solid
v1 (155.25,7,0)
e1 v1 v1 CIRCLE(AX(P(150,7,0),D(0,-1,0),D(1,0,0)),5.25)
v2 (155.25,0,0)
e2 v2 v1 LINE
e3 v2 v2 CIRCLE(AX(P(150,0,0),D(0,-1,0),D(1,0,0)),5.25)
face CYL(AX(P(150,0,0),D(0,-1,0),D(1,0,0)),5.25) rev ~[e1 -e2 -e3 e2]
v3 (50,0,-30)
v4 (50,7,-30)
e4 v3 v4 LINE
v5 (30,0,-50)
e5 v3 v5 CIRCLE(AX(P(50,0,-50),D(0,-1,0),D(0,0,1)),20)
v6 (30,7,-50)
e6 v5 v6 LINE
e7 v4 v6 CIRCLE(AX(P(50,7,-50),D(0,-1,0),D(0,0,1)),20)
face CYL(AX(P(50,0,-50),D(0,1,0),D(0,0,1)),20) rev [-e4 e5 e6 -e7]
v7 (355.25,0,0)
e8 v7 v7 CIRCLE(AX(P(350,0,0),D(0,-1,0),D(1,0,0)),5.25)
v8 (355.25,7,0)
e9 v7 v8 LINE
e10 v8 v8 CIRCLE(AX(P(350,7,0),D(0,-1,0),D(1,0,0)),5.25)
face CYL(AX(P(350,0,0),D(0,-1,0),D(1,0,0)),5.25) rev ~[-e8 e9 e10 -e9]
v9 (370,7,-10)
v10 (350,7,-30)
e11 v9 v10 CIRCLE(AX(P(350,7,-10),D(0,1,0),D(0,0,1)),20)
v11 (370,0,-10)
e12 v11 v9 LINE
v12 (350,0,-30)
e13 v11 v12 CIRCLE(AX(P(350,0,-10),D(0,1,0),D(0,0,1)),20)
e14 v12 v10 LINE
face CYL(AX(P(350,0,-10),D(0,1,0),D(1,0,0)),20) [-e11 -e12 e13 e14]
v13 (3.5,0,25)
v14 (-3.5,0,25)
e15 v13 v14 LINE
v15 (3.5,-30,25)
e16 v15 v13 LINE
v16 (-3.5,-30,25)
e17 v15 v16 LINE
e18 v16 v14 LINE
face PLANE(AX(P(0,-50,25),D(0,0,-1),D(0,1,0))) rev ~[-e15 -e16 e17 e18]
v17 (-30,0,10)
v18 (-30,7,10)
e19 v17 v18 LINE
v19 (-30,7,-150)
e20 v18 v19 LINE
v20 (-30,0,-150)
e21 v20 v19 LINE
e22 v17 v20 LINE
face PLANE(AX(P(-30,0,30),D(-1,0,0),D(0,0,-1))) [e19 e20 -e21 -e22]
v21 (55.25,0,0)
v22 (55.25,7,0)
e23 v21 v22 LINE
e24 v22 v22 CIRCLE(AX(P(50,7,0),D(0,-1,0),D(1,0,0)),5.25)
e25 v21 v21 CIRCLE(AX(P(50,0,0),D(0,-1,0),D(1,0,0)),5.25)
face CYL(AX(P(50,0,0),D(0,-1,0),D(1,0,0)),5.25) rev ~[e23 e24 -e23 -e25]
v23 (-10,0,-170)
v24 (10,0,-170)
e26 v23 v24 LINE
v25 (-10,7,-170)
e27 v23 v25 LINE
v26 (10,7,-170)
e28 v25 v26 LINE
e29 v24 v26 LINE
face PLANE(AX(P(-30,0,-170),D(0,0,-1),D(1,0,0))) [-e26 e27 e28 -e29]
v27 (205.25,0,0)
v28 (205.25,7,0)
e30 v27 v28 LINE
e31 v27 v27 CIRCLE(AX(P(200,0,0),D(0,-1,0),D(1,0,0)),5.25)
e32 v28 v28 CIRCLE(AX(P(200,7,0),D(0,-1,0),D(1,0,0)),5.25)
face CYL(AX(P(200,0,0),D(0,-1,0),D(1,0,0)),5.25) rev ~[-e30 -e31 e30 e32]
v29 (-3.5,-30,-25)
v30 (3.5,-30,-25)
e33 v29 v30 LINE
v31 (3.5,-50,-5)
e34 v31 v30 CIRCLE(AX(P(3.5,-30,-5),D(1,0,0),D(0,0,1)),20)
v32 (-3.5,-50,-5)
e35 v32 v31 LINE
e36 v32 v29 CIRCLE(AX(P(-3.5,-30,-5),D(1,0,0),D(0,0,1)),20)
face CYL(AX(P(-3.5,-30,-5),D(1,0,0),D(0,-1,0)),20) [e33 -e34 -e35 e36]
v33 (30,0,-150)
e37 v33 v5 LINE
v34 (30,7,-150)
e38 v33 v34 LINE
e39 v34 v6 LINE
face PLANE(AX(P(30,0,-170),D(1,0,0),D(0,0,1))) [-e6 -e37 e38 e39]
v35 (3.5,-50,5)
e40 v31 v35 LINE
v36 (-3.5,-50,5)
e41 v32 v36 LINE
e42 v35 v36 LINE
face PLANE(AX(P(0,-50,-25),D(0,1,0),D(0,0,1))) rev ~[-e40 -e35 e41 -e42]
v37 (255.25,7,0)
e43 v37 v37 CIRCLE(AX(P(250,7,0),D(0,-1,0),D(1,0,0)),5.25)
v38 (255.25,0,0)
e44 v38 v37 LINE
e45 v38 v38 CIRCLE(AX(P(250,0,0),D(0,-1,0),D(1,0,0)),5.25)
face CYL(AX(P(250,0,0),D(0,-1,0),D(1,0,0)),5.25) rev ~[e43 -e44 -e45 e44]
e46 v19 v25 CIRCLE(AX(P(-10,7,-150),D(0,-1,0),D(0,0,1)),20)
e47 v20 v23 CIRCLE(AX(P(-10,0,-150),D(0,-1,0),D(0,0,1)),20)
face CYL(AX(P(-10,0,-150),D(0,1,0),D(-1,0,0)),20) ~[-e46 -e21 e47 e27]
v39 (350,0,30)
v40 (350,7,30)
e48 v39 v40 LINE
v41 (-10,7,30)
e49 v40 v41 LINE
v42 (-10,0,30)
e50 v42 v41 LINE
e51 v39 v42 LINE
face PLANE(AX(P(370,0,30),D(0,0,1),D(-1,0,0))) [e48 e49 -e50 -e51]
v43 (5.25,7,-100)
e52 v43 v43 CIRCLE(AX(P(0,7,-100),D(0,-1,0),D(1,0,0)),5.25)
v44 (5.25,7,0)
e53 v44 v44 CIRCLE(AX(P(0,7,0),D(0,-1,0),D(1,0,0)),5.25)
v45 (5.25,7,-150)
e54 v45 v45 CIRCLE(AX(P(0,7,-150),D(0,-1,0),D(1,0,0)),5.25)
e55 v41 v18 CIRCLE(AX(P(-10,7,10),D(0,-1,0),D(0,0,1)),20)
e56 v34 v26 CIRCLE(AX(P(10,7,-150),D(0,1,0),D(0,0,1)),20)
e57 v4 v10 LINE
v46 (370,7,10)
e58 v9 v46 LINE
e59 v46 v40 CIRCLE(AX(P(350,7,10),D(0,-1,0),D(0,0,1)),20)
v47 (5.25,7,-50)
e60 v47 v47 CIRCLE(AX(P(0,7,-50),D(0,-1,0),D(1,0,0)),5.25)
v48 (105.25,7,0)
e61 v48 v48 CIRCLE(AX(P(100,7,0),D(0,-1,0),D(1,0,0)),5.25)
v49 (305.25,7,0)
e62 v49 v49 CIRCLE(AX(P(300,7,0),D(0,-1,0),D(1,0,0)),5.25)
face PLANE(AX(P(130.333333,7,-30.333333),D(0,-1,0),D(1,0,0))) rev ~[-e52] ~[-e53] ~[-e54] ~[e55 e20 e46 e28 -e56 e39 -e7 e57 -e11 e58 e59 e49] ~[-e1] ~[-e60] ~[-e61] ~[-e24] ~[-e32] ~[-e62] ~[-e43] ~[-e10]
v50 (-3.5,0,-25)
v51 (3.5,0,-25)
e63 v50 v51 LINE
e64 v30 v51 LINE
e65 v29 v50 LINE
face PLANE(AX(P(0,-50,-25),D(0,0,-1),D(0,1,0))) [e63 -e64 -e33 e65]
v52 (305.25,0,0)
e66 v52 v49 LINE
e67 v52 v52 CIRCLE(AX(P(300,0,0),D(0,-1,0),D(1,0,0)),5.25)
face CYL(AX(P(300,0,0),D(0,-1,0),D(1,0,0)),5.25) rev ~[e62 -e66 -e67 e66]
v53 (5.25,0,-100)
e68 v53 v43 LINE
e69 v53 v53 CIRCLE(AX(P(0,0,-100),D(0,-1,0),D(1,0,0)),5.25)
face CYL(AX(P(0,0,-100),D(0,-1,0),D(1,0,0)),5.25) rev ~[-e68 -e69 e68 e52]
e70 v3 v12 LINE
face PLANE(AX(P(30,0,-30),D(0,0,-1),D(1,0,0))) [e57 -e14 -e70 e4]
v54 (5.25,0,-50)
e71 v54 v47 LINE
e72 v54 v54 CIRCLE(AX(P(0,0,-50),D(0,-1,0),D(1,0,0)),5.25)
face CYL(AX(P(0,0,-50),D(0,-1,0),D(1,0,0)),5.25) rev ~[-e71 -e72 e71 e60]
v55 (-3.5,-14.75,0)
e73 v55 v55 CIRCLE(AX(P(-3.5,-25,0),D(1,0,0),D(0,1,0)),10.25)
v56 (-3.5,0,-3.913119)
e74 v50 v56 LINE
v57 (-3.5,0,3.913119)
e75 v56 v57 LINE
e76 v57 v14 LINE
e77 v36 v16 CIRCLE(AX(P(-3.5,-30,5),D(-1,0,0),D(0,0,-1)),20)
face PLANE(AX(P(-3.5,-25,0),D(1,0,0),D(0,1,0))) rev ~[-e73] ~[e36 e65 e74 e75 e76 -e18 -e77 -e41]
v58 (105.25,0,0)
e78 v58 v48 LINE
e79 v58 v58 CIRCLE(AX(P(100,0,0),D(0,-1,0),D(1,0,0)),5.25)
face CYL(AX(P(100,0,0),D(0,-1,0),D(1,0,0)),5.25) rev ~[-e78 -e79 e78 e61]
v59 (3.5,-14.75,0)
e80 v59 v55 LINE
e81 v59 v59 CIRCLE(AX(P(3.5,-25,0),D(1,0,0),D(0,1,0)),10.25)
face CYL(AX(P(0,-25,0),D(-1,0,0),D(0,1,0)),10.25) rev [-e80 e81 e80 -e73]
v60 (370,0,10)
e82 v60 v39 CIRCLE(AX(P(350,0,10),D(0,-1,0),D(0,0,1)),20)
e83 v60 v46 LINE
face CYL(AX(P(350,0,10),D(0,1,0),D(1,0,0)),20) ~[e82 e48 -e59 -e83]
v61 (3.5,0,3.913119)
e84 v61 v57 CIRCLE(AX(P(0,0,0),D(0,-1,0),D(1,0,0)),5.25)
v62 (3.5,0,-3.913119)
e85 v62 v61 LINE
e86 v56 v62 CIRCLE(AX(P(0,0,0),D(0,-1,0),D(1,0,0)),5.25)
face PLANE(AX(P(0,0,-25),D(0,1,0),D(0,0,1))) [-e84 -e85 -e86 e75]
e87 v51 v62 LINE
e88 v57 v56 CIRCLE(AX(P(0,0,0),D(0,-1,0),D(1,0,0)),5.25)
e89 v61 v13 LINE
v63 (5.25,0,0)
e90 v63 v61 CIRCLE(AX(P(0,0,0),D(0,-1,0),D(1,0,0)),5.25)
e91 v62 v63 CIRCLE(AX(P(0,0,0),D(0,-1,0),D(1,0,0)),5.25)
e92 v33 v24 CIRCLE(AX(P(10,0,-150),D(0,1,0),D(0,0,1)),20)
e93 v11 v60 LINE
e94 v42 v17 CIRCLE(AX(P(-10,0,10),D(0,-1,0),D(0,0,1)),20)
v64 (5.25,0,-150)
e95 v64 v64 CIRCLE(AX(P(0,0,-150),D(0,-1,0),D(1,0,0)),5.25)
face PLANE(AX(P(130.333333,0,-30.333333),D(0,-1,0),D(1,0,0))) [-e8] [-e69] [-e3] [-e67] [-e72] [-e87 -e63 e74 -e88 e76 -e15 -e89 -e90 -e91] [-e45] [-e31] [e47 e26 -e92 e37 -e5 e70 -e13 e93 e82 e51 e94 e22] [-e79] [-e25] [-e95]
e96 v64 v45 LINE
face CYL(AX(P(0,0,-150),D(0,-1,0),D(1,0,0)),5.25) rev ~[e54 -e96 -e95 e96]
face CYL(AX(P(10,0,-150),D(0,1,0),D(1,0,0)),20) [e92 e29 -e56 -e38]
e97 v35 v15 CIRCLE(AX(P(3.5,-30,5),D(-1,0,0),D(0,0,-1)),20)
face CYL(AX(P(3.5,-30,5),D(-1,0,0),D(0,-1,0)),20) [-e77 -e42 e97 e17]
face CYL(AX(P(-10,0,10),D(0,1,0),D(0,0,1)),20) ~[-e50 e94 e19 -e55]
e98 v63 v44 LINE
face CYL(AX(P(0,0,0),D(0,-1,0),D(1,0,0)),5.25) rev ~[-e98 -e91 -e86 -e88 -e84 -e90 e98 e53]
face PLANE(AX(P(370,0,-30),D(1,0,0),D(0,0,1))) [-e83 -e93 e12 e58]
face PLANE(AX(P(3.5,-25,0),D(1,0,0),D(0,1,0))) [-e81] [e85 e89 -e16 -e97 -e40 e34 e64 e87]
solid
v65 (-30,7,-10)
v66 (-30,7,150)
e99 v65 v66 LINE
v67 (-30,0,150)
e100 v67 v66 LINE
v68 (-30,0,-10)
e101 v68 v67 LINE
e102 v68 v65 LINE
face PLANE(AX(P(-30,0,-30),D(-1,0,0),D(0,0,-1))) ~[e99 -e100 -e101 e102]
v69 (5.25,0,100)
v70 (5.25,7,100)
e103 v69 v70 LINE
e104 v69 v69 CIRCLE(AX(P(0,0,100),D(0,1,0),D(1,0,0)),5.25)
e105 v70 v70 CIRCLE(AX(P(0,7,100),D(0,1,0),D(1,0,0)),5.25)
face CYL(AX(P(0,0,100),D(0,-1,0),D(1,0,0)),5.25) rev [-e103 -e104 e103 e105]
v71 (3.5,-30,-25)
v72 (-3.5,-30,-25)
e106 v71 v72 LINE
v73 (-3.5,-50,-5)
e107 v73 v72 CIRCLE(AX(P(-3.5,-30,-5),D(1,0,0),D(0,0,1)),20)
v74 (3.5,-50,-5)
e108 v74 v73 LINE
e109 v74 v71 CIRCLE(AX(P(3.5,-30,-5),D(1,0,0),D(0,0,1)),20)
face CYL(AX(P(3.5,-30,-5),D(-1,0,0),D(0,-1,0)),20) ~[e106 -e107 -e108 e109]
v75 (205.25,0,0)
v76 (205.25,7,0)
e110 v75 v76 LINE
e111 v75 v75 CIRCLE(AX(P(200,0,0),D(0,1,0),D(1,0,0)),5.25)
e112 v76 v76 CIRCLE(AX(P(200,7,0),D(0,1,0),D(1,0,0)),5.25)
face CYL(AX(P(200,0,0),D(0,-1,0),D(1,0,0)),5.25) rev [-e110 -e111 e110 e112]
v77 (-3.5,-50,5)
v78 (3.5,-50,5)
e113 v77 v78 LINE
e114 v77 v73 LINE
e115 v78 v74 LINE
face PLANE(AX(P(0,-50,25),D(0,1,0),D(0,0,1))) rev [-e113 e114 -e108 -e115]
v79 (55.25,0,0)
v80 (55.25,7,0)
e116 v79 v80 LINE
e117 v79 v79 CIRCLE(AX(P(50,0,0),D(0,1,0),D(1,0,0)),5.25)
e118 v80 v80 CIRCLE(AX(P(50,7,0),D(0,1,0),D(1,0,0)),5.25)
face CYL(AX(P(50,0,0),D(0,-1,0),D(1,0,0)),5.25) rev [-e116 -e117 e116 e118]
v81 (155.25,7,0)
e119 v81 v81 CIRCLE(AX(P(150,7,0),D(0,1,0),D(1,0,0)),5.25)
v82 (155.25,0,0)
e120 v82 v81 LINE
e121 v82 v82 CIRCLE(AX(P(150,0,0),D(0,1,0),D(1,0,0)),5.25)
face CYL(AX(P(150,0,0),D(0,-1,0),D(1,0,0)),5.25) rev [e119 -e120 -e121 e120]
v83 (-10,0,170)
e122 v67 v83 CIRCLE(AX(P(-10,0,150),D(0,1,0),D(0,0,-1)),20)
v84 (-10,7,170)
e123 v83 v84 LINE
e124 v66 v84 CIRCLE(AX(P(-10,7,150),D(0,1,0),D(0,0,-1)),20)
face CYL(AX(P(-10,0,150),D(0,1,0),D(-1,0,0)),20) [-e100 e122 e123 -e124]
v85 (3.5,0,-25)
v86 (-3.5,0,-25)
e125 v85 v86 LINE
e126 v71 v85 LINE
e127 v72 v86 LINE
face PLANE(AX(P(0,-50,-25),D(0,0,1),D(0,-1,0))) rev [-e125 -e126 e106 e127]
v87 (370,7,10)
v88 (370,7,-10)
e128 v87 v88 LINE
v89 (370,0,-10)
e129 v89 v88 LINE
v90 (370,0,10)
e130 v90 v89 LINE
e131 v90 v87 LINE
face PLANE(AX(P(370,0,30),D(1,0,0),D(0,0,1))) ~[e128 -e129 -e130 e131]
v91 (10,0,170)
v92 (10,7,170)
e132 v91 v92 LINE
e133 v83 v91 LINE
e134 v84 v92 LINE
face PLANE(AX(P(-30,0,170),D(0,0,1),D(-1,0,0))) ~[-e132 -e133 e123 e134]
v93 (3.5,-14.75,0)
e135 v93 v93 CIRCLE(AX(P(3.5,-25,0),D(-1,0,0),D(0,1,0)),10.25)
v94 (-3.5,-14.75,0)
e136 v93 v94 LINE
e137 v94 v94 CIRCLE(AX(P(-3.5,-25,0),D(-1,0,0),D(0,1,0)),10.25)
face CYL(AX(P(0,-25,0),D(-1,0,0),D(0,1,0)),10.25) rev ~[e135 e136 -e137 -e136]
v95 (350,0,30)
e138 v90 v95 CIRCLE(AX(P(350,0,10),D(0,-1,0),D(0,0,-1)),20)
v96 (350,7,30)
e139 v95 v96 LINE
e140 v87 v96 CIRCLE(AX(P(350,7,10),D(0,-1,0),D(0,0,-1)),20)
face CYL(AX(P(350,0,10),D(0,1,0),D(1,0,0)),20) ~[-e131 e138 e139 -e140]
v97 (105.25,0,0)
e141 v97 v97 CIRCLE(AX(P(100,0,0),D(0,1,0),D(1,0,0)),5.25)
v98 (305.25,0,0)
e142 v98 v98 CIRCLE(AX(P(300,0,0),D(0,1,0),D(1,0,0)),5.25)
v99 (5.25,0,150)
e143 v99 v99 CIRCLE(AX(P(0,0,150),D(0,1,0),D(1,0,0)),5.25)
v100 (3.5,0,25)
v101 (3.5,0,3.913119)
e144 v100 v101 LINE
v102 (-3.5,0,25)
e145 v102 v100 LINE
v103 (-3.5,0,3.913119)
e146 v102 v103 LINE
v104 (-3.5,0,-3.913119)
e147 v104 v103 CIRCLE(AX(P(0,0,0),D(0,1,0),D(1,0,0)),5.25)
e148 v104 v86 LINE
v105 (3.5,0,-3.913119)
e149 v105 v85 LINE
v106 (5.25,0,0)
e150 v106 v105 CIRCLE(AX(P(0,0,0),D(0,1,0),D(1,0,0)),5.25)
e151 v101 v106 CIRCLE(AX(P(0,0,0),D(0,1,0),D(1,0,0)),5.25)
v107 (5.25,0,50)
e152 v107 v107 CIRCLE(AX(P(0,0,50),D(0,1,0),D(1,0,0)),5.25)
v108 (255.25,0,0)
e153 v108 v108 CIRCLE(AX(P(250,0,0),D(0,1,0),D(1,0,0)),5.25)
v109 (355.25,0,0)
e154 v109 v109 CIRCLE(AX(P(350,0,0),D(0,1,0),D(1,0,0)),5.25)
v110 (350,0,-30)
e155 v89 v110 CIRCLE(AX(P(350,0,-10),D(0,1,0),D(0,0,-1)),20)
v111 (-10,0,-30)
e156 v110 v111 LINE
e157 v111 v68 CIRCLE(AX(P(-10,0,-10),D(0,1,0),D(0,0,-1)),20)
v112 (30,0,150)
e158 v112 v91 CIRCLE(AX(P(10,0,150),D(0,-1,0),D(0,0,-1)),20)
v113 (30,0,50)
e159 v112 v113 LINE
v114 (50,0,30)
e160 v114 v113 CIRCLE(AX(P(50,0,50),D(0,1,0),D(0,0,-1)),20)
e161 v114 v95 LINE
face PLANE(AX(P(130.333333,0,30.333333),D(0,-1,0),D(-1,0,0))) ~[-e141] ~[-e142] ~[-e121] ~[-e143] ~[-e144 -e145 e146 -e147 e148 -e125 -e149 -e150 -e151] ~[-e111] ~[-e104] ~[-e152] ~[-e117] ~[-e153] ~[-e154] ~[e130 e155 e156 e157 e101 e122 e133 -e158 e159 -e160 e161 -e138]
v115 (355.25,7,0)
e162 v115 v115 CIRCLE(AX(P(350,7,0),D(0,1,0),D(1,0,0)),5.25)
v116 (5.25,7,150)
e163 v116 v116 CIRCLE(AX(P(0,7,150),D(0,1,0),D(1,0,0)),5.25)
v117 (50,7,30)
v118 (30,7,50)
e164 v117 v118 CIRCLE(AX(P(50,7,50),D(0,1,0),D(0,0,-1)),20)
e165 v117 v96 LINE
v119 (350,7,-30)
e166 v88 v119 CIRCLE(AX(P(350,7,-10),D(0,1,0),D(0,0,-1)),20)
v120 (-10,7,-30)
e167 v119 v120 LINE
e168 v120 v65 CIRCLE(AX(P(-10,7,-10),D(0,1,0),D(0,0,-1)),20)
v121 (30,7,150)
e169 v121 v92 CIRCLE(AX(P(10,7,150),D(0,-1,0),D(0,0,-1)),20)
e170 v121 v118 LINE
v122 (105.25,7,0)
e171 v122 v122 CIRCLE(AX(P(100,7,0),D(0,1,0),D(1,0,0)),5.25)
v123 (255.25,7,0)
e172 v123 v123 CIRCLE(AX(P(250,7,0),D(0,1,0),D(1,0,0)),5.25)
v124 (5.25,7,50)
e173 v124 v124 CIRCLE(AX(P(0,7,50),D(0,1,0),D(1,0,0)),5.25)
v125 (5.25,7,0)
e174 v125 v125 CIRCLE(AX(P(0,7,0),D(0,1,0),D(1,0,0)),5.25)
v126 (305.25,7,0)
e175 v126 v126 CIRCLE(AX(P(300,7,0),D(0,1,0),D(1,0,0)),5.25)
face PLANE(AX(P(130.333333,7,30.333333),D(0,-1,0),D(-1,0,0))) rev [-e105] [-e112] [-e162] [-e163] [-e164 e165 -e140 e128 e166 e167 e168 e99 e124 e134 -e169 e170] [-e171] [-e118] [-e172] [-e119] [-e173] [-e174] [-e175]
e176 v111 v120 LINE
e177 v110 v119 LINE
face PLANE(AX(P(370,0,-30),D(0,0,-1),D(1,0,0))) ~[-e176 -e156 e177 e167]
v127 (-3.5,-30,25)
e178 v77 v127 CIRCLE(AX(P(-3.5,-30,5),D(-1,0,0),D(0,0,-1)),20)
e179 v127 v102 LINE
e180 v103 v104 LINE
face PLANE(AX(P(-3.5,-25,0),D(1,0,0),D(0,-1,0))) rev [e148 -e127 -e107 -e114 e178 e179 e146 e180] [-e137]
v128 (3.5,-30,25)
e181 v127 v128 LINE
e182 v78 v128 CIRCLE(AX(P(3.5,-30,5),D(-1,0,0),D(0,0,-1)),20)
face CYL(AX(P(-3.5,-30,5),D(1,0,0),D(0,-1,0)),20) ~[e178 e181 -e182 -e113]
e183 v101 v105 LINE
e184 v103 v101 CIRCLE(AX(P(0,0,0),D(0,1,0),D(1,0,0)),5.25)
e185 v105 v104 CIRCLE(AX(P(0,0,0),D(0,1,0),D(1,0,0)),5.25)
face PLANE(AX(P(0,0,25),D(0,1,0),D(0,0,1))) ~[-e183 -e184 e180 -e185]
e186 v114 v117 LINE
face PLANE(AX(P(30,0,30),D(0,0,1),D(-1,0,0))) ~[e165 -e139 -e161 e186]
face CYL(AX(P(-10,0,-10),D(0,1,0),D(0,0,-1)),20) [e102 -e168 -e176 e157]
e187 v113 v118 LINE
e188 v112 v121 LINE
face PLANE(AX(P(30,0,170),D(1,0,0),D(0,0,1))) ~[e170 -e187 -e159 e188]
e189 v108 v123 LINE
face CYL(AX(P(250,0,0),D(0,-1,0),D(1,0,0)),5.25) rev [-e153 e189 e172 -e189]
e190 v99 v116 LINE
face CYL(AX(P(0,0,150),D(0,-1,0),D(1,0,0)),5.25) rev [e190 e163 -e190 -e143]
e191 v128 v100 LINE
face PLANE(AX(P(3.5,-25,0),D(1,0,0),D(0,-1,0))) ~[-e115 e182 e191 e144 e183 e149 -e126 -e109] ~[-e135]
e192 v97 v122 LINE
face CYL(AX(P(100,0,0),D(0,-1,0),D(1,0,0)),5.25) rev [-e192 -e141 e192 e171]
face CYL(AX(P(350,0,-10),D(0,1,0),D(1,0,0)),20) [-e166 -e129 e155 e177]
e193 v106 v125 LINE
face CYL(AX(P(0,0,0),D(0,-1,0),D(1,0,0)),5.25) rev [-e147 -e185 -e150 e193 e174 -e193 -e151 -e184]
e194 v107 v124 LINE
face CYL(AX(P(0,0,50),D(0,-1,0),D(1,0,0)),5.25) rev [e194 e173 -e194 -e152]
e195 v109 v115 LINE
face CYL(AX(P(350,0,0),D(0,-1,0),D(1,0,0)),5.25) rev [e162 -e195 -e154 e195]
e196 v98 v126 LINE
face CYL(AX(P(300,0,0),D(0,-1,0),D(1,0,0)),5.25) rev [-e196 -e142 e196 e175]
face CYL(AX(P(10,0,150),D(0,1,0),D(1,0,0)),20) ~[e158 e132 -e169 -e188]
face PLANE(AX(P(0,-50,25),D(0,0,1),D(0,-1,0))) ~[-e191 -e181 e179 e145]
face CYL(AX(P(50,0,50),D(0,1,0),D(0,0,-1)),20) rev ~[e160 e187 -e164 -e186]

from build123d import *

# Parameters (mm, degrees)
F0_R     = 5.25
F1_DEPTH = 7
F2_W     = 50
F2_H     = 50
F2_R     = 10.25
F3_DEPTH = 3.5
F4_R     = 20


with BuildPart() as f1:
    # F0 (on Front) → F1 (new body)
    with BuildSketch(Plane.XZ):
        Polygon((370, -30), (370, 30), (-30, 30), (-30, -170), (30, -170), (30, -30), align=None)
        with Locations((0, -150)):
            Circle(F0_R, mode=Mode.SUBTRACT)
        with Locations((0, -100)):
            Circle(F0_R, mode=Mode.SUBTRACT)
        with Locations((0, -50)):
            Circle(F0_R, mode=Mode.SUBTRACT)
        Circle(F0_R, mode=Mode.SUBTRACT)
        with Locations((50, 0)):
            Circle(F0_R, mode=Mode.SUBTRACT)
        with Locations((100, 0)):
            Circle(F0_R, mode=Mode.SUBTRACT)
        with Locations((150, 0)):
            Circle(F0_R, mode=Mode.SUBTRACT)
        with Locations((200, 0)):
            Circle(F0_R, mode=Mode.SUBTRACT)
        with Locations((250, 0)):
            Circle(F0_R, mode=Mode.SUBTRACT)
        with Locations((300, 0)):
            Circle(F0_R, mode=Mode.SUBTRACT)
        with Locations((350, 0)):
            Circle(F0_R, mode=Mode.SUBTRACT)
    extrude(amount=-F1_DEPTH)

    # F2 (on Right) → F3 (join, symmetric)
    with BuildSketch(Plane.YZ):
        with Locations((-25, 0)):
            Rectangle(F2_W, F2_H)
        with Locations((-25, 0)):
            Circle(F2_R, mode=Mode.SUBTRACT)
    extrude(amount=F3_DEPTH, both=True)

    # F4
    f4_edges = [f1.edges().sort_by_distance(p)[0] for p in [
        (0, -50, 25),
        (0, -50, -25),
        (370, 3.5, 30),
        (370, 3.5, -30),
        (30, 3.5, -170),
        (-30, 3.5, -170),
        (-30, 3.5, 30),
        (30, 3.5, -30),
    ]]
    fillet(f4_edges, radius=F4_R)


with BuildPart() as f5_1:
    # F5: instance of F1
    add(f1.part.mirror(Plane.XY))


solid = Compound([f1.part, f5_1.part])
